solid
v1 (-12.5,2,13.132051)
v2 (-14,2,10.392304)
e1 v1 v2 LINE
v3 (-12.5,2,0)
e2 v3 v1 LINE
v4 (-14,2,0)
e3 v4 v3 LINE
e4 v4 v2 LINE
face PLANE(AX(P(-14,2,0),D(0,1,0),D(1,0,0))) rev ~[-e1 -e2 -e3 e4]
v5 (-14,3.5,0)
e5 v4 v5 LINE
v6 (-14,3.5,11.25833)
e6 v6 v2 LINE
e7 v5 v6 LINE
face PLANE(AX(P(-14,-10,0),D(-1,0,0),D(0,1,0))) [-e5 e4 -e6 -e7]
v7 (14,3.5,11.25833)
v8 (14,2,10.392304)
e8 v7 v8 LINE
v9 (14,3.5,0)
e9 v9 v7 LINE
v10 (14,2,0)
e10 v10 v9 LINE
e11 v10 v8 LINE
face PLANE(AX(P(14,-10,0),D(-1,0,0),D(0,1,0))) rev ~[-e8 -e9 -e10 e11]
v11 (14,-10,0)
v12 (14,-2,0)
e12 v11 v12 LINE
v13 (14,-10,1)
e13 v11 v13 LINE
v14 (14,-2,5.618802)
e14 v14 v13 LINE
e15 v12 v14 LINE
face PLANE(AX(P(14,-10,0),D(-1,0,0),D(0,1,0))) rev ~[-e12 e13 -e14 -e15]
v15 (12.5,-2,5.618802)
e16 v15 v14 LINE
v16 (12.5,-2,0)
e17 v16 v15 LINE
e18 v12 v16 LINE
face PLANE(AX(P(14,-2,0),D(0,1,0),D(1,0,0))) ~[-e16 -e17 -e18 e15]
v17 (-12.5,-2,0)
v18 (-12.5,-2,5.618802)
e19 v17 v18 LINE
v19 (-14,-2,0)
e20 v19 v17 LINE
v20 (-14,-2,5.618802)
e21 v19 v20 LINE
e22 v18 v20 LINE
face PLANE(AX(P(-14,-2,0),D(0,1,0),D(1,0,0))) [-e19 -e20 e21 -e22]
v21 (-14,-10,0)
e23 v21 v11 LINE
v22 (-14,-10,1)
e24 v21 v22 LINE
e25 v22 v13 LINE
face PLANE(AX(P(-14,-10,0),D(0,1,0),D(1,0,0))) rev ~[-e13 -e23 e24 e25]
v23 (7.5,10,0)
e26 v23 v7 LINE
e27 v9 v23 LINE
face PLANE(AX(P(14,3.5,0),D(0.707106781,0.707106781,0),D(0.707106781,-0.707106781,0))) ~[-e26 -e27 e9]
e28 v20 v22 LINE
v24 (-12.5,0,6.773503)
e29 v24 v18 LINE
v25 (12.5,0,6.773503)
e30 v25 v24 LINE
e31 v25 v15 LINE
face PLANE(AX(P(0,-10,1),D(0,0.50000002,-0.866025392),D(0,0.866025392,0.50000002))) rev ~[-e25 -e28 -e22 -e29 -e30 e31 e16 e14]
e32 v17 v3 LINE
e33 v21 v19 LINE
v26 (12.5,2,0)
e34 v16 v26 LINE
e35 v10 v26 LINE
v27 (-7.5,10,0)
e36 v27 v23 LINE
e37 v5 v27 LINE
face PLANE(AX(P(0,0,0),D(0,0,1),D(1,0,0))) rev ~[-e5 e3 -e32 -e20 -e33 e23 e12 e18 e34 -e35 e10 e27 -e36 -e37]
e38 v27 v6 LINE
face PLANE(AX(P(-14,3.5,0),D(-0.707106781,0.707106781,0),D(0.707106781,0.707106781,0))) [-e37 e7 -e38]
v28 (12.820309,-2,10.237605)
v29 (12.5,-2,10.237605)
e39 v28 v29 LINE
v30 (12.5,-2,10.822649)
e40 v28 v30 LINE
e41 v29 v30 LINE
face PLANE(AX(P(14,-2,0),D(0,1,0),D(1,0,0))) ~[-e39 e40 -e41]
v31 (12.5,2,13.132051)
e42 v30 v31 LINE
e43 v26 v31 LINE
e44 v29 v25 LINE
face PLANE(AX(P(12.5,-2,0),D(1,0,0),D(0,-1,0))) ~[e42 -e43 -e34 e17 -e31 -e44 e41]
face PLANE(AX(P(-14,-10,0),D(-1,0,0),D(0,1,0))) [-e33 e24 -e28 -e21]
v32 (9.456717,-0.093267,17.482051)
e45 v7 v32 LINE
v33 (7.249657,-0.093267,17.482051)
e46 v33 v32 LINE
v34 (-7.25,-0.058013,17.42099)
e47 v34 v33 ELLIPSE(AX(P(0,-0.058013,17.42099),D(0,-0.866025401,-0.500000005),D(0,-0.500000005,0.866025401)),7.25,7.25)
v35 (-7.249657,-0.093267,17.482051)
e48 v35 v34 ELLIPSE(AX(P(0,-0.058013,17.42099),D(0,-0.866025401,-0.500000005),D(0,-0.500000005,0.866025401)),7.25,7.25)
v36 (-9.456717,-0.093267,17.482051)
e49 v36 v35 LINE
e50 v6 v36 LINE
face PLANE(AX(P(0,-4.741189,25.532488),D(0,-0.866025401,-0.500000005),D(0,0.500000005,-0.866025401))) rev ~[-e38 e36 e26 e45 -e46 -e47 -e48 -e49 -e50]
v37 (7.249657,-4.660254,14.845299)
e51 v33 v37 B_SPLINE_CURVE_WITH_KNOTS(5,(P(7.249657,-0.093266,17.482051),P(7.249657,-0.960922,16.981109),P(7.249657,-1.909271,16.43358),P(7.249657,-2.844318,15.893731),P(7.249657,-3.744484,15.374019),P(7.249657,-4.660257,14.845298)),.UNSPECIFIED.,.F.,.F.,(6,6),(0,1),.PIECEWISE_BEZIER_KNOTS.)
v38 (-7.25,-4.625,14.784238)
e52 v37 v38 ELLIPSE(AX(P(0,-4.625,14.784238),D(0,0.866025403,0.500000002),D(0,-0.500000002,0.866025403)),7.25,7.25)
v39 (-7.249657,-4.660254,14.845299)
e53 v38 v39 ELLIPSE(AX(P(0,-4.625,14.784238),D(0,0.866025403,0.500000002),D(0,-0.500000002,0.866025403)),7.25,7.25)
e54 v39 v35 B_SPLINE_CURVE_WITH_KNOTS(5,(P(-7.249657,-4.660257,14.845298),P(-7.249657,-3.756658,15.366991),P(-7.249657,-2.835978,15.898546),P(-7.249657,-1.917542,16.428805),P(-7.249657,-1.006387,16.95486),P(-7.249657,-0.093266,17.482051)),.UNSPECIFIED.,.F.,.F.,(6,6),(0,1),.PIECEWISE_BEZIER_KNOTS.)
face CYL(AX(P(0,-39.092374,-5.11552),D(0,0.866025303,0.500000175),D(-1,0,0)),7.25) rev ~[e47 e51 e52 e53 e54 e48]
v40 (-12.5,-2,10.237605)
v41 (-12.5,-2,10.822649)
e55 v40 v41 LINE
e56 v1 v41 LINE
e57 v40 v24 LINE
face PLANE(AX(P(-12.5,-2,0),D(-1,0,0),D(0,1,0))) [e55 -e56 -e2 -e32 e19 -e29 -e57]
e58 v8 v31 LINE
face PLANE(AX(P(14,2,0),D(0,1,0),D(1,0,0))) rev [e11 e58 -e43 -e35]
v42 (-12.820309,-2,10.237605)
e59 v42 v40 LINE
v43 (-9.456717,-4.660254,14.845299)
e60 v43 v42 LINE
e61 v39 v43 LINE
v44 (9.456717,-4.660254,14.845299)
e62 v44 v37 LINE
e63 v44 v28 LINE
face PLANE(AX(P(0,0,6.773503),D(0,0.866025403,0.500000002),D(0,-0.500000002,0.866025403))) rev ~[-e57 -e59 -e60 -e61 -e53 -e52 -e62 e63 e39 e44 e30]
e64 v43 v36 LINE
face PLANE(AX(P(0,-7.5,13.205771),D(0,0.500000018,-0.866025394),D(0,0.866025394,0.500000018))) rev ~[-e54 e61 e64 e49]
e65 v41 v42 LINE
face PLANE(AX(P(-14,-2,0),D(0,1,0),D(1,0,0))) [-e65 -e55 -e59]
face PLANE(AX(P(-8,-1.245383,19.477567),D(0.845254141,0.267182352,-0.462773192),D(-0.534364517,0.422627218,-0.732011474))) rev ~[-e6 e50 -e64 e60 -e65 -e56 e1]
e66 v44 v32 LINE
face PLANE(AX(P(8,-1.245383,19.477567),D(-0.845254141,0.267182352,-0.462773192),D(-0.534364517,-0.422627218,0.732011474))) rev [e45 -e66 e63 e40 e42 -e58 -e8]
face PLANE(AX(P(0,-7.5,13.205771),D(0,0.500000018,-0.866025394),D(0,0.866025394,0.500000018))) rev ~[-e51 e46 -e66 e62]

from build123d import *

# Parameters (mm, degrees)
F0_W      = 28
F0_H      = 20
F1_DEPTH  = 20
F3_DEPTH  = 20
F6_DEPTH  = 17.5
F7_W      = 1.5
F7_H      = 4
F8_DEPTH  = 40
F12_DEPTH = 15
F15_D     = 14.5
F17_DEPTH = 20
F19_DEPTH = 12.5


with BuildPart() as f1:
    # F0 (on Top) → F1 (new body)
    with BuildSketch(Plane.XY):
        Rectangle(F0_W, F0_H)
    extrude(amount=F1_DEPTH)


with BuildPart() as f3:
    # F2 (on Top) → F3 (new body)
    with BuildSketch(Plane.XY):
        Polygon((-14, 3.5), (-7.5, 10), (-14, 10), align=None)
    extrude(amount=F3_DEPTH)


with BuildPart() as f4_1:
    # F4: instance of F3
    add(f3.part.mirror(Plane.YZ))


with BuildPart() as f6:
    # F5 (on Right) → F6 (new body, symmetric)
    with BuildSketch(Plane.YZ):
        Polygon((-4.741189, 25.532488), (10, 0), (10, 25.532488), align=None)
    extrude(amount=F6_DEPTH, both=True)


with BuildPart() as f8:
    # F7 (on Top) → F8 (new body)
    with BuildSketch(Plane.XY):
        with Locations((-13.25, 0)):
            Rectangle(F7_W, F7_H)
    extrude(amount=F8_DEPTH)


with BuildPart() as f9_1:
    # F9: instance of F8
    add(f8.part.mirror(Plane.YZ))


with BuildPart() as f1_1:
    add(f1.part)

    # F10: cut F3, F4_1, F6, F8, F9_1
    add(f3.part, mode=Mode.SUBTRACT)
    add(f4_1.part, mode=Mode.SUBTRACT)
    add(f6.part, mode=Mode.SUBTRACT)
    add(f8.part, mode=Mode.SUBTRACT)
    add(f9_1.part, mode=Mode.SUBTRACT)


with BuildPart() as f12:
    # F11 (on Right) → F12 (new body, symmetric)
    with BuildSketch(Plane.YZ):
        Polygon((-10, 24.094011), (-10, 1), (0, 6.773503), align=None)
    extrude(amount=F12_DEPTH, both=True)


with BuildPart() as f1_2:
    add(f1_1.part)

    # F13: cut F12
    add(f12.part, mode=Mode.SUBTRACT)

    # F15 (through all)
    with Locations(Plane(origin=(0, 2.933013, 1.693376), x_dir=(1, 0, 0), z_dir=(0, -0.866025, -0.5))):
        with Locations((0, 15.116025)):
            Hole(F15_D / 2)


with BuildPart() as f17:
    # F16 (on Right) → F17 (new body, symmetric)
    with BuildSketch(Plane.YZ):
        Polygon((-7.5, 13.205771), (6, 21), (-12, 21), align=None)
    extrude(amount=F17_DEPTH, both=True)


with BuildPart() as f19:
    # F18 (on face) → F19 (new body, symmetric)
    with BuildSketch(Plane(origin=(0, 7.5, 4.330127), x_dir=(-1, 0, 0), z_dir=(0, 0.866025, 0.5))):
        Polygon((14, 17.490759), (8, 17.490759), (14, 8), align=None)
    extrude(amount=F19_DEPTH, both=True)


with BuildPart() as f20_1:
    # F20: instance of F19
    add(f19.part.mirror(Plane.YZ))


with BuildPart() as f1_3:
    add(f1_2.part)

    # F21: cut F20_1, F19, F17
    add(f20_1.part, mode=Mode.SUBTRACT)
    add(f19.part, mode=Mode.SUBTRACT)
    add(f17.part, mode=Mode.SUBTRACT)


solid = f1_3.part
